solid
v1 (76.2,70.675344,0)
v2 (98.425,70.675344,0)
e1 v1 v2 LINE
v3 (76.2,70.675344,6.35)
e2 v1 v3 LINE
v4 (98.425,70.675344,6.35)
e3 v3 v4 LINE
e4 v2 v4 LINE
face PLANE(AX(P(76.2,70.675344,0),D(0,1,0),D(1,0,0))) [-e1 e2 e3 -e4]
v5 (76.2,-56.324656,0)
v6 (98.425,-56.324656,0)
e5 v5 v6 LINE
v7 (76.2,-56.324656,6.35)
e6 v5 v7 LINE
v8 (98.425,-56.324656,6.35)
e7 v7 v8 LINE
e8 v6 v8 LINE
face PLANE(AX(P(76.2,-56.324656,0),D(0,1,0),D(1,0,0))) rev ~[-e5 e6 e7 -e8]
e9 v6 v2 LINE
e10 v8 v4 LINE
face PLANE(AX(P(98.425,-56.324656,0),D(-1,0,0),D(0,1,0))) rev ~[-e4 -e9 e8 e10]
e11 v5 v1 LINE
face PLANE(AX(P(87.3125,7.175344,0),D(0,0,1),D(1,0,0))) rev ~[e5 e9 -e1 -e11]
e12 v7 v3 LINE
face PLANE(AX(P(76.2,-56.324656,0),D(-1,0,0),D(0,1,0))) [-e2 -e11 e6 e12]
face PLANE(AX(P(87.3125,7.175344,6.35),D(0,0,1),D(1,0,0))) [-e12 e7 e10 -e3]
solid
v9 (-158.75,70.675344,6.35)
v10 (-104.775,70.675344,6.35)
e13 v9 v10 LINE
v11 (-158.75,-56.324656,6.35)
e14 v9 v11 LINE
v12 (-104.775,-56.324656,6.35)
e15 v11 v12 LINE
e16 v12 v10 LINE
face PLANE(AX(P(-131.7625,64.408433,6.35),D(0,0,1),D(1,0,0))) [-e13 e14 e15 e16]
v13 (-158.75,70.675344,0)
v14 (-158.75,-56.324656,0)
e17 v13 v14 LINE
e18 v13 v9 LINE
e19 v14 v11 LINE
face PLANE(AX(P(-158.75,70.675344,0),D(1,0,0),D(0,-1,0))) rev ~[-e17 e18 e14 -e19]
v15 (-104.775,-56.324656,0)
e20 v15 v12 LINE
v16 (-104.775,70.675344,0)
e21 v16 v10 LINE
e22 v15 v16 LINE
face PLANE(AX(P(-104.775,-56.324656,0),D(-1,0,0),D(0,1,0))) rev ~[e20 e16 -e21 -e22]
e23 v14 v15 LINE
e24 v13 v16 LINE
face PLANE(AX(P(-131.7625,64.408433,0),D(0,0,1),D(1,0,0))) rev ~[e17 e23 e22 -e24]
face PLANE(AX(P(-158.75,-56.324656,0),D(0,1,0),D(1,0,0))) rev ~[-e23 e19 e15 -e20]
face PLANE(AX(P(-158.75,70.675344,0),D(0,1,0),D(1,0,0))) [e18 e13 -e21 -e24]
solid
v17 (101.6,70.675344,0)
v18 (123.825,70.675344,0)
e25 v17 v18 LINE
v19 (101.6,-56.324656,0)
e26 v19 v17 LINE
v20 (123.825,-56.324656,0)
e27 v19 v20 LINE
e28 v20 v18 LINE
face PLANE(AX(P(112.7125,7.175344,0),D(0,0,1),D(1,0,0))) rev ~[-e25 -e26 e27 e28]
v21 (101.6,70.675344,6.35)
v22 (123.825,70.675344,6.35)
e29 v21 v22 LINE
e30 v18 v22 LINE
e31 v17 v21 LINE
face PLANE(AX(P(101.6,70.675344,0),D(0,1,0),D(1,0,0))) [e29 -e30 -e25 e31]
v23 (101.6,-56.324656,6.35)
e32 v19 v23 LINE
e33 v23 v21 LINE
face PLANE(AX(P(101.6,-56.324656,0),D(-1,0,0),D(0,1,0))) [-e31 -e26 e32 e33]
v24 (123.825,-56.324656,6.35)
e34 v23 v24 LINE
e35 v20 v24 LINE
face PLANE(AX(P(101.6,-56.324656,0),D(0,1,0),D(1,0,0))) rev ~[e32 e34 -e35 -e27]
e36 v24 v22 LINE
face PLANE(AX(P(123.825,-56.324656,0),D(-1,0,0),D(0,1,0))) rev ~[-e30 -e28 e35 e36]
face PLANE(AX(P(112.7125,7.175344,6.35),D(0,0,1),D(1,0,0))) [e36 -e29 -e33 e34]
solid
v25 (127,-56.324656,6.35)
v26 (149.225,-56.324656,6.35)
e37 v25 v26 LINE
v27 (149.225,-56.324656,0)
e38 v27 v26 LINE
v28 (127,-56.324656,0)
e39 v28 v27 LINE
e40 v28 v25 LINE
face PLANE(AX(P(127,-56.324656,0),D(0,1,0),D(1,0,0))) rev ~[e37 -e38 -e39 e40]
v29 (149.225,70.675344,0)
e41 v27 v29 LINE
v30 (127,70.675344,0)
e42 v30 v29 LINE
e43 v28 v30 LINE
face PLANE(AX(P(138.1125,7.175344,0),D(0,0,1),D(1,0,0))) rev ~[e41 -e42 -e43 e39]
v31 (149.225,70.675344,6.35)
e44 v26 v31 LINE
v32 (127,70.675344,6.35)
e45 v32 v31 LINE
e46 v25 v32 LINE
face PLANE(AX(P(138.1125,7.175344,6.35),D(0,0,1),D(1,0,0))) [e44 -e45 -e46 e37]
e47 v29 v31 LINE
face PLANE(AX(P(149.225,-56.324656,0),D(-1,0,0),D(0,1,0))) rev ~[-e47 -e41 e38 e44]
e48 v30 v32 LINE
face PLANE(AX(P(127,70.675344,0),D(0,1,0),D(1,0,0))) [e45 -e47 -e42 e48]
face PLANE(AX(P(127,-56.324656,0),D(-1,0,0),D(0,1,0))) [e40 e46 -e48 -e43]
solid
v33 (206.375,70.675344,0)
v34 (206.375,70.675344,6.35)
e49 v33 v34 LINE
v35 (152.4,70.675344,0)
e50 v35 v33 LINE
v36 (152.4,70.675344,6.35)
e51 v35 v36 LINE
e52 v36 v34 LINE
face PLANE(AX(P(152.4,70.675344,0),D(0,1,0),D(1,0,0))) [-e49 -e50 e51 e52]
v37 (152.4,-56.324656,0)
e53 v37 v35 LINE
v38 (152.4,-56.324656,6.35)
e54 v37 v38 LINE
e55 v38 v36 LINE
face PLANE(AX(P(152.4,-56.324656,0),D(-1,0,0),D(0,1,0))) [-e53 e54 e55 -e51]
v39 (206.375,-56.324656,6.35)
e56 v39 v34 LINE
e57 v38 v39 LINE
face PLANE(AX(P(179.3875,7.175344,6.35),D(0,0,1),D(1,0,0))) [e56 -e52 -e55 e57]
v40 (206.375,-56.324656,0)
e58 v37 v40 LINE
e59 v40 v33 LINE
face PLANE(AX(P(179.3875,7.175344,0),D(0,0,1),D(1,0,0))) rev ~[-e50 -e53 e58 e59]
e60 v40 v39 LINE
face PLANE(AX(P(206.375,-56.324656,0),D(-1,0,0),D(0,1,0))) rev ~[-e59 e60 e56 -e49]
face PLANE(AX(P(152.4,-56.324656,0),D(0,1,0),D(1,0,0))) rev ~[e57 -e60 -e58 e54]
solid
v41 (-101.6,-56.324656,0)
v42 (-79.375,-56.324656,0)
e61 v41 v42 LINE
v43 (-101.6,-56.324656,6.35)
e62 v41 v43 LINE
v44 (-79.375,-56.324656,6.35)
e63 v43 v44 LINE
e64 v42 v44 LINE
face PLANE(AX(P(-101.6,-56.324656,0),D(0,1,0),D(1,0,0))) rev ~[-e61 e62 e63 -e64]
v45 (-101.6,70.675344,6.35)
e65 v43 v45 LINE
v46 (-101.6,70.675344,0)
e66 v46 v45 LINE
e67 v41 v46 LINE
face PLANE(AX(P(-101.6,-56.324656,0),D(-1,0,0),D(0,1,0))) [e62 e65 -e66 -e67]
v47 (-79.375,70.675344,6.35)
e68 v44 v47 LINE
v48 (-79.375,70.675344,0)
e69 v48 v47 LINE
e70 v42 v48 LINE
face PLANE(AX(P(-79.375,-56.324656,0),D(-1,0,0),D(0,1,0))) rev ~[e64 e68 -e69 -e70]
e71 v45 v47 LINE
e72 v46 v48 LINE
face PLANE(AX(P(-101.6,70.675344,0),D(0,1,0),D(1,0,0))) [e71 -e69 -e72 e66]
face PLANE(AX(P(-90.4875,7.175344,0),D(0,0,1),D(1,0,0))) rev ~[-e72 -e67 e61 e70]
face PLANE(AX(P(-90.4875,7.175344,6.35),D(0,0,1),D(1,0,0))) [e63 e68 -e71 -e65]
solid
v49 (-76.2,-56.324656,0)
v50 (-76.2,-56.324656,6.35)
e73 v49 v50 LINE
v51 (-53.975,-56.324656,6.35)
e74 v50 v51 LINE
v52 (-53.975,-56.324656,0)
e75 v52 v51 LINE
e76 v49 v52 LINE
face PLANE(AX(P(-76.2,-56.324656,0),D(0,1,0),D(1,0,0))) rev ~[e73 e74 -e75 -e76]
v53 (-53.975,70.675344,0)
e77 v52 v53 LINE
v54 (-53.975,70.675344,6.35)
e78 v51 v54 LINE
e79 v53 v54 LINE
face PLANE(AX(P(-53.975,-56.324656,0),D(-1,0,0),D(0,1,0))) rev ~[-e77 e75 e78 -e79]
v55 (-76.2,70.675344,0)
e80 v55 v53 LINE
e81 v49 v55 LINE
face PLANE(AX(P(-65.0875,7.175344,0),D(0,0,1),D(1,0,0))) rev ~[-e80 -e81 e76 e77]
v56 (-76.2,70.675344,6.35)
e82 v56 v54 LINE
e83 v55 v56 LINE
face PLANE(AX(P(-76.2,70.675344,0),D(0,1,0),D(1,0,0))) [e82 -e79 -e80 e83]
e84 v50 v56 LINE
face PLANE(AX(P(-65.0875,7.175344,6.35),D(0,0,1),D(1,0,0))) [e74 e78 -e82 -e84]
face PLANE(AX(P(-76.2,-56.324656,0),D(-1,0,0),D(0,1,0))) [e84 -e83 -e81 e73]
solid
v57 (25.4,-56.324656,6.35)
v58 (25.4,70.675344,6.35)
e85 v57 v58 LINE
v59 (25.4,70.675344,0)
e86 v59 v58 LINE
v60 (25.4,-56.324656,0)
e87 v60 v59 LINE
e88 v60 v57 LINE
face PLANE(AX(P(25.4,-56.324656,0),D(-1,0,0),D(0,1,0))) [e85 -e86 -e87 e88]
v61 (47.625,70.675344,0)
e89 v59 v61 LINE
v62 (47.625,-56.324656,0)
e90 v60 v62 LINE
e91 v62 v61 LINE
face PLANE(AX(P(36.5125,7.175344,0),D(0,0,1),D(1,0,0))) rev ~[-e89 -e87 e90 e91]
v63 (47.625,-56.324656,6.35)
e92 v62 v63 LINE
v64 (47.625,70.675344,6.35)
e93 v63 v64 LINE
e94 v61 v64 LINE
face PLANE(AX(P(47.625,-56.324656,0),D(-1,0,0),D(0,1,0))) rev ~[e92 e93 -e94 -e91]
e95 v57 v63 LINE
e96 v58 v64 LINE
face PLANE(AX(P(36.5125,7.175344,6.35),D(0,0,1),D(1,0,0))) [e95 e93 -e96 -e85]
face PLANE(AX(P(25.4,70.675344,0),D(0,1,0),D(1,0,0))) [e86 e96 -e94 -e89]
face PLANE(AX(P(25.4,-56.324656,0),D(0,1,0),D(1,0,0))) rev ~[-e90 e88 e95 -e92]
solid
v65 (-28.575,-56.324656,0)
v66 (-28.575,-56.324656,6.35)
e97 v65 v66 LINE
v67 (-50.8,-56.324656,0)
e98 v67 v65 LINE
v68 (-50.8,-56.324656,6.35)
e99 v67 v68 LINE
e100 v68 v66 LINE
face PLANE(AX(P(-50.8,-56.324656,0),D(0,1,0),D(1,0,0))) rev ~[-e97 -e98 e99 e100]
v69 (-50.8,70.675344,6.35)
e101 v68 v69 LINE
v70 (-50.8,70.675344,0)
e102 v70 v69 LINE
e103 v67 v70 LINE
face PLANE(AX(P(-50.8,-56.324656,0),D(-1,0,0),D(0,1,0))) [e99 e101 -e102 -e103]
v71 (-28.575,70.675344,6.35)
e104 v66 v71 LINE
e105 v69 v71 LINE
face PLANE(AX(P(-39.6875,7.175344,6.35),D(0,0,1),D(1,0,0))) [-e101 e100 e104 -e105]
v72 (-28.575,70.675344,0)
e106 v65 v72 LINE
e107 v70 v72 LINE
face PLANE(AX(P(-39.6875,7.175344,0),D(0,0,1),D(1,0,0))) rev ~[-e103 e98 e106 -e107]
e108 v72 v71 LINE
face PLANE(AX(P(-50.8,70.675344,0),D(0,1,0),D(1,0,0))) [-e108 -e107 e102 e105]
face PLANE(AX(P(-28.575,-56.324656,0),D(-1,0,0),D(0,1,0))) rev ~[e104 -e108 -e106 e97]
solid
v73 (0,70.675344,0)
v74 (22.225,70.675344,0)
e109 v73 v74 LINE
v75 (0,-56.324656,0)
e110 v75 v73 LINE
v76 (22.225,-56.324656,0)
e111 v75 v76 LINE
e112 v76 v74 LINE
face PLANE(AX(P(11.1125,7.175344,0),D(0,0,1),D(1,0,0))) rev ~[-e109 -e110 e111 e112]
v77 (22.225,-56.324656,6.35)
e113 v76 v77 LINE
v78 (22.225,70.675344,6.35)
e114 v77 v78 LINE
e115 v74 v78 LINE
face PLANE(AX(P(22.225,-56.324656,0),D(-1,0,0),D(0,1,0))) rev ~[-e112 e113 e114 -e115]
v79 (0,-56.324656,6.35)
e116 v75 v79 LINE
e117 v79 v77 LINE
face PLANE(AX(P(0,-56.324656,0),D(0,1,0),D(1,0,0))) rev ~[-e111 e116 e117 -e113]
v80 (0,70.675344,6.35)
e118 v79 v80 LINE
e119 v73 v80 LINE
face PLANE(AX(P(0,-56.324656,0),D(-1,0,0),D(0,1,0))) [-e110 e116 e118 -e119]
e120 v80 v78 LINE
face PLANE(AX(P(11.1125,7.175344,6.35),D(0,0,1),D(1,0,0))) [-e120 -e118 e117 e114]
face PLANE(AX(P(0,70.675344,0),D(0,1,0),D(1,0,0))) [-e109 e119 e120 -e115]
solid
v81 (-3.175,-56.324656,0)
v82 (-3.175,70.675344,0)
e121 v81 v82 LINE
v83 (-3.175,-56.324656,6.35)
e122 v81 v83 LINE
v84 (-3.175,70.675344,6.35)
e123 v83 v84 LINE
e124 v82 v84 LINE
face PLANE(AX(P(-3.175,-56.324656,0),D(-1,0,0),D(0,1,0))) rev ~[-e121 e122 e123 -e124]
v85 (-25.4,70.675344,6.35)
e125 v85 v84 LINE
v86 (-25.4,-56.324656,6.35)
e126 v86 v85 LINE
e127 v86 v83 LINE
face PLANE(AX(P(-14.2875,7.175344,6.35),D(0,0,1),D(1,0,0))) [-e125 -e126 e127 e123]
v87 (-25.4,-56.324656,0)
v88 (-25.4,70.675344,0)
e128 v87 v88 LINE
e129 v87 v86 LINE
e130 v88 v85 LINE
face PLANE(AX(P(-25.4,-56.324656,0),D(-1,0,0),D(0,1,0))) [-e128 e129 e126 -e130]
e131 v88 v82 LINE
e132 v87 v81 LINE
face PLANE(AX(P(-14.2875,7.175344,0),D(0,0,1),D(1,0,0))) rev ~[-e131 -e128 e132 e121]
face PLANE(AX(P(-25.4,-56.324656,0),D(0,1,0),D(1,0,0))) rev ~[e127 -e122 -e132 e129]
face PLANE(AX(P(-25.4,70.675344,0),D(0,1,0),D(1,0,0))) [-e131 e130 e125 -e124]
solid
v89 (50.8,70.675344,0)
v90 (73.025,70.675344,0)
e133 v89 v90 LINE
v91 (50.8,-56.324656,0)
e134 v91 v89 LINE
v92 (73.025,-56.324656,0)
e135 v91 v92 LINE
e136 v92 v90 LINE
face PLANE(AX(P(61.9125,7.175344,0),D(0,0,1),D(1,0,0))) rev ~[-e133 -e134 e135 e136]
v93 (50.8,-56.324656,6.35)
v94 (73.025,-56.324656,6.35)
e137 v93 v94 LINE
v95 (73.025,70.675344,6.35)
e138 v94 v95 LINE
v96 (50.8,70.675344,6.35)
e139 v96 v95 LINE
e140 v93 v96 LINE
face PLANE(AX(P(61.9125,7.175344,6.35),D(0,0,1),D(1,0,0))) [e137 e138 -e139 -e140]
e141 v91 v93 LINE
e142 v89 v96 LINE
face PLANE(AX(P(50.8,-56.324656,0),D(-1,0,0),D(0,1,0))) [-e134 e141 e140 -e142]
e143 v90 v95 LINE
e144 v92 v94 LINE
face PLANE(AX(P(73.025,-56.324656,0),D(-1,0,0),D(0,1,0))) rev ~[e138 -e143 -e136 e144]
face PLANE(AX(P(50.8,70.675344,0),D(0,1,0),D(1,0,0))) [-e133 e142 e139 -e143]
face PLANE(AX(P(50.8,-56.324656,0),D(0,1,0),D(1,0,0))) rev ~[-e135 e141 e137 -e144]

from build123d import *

# Parameters (mm, degrees)
F0_W     = 53.975
F0_H     = 12.533822
F0_H_2   = 114.466178
F0_W_2   = 22.225
F0_H_3   = 127
F1_DEPTH = 6.35


with BuildPart() as f1:
    # F0 (on Top) → F1 (new body)
    with BuildSketch(Plane.XY):
        with Locations((-131.7625, 64.408433)):
            Rectangle(F0_W, F0_H)
        with Locations((-131.7625, 0.908433)):
            Rectangle(F0_W, F0_H_2)
        with Locations((-90.4875, 7.175344)):
            Rectangle(F0_W_2, F0_H_3)
        with Locations((-65.0875, 7.175344)):
            Rectangle(F0_W_2, F0_H_3)
        with Locations((-39.6875, 7.175344)):
            Rectangle(F0_W_2, F0_H_3)
        with Locations((-14.2875, 7.175344)):
            Rectangle(F0_W_2, F0_H_3)
        with Locations((11.1125, 7.175344)):
            Rectangle(F0_W_2, F0_H_3)
        with Locations((36.5125, 7.175344)):
            Rectangle(F0_W_2, F0_H_3)
        with Locations((61.9125, 7.175344)):
            Rectangle(F0_W_2, F0_H_3)
        with Locations((87.3125, 7.175344)):
            Rectangle(F0_W_2, F0_H_3)
        with Locations((112.7125, 7.175344)):
            Rectangle(F0_W_2, F0_H_3)
        with Locations((138.1125, 7.175344)):
            Rectangle(F0_W_2, F0_H_3)
        with Locations((179.3875, 7.175344)):
            Rectangle(F0_W, F0_H_3)
    extrude(amount=F1_DEPTH)


solid = f1.part
